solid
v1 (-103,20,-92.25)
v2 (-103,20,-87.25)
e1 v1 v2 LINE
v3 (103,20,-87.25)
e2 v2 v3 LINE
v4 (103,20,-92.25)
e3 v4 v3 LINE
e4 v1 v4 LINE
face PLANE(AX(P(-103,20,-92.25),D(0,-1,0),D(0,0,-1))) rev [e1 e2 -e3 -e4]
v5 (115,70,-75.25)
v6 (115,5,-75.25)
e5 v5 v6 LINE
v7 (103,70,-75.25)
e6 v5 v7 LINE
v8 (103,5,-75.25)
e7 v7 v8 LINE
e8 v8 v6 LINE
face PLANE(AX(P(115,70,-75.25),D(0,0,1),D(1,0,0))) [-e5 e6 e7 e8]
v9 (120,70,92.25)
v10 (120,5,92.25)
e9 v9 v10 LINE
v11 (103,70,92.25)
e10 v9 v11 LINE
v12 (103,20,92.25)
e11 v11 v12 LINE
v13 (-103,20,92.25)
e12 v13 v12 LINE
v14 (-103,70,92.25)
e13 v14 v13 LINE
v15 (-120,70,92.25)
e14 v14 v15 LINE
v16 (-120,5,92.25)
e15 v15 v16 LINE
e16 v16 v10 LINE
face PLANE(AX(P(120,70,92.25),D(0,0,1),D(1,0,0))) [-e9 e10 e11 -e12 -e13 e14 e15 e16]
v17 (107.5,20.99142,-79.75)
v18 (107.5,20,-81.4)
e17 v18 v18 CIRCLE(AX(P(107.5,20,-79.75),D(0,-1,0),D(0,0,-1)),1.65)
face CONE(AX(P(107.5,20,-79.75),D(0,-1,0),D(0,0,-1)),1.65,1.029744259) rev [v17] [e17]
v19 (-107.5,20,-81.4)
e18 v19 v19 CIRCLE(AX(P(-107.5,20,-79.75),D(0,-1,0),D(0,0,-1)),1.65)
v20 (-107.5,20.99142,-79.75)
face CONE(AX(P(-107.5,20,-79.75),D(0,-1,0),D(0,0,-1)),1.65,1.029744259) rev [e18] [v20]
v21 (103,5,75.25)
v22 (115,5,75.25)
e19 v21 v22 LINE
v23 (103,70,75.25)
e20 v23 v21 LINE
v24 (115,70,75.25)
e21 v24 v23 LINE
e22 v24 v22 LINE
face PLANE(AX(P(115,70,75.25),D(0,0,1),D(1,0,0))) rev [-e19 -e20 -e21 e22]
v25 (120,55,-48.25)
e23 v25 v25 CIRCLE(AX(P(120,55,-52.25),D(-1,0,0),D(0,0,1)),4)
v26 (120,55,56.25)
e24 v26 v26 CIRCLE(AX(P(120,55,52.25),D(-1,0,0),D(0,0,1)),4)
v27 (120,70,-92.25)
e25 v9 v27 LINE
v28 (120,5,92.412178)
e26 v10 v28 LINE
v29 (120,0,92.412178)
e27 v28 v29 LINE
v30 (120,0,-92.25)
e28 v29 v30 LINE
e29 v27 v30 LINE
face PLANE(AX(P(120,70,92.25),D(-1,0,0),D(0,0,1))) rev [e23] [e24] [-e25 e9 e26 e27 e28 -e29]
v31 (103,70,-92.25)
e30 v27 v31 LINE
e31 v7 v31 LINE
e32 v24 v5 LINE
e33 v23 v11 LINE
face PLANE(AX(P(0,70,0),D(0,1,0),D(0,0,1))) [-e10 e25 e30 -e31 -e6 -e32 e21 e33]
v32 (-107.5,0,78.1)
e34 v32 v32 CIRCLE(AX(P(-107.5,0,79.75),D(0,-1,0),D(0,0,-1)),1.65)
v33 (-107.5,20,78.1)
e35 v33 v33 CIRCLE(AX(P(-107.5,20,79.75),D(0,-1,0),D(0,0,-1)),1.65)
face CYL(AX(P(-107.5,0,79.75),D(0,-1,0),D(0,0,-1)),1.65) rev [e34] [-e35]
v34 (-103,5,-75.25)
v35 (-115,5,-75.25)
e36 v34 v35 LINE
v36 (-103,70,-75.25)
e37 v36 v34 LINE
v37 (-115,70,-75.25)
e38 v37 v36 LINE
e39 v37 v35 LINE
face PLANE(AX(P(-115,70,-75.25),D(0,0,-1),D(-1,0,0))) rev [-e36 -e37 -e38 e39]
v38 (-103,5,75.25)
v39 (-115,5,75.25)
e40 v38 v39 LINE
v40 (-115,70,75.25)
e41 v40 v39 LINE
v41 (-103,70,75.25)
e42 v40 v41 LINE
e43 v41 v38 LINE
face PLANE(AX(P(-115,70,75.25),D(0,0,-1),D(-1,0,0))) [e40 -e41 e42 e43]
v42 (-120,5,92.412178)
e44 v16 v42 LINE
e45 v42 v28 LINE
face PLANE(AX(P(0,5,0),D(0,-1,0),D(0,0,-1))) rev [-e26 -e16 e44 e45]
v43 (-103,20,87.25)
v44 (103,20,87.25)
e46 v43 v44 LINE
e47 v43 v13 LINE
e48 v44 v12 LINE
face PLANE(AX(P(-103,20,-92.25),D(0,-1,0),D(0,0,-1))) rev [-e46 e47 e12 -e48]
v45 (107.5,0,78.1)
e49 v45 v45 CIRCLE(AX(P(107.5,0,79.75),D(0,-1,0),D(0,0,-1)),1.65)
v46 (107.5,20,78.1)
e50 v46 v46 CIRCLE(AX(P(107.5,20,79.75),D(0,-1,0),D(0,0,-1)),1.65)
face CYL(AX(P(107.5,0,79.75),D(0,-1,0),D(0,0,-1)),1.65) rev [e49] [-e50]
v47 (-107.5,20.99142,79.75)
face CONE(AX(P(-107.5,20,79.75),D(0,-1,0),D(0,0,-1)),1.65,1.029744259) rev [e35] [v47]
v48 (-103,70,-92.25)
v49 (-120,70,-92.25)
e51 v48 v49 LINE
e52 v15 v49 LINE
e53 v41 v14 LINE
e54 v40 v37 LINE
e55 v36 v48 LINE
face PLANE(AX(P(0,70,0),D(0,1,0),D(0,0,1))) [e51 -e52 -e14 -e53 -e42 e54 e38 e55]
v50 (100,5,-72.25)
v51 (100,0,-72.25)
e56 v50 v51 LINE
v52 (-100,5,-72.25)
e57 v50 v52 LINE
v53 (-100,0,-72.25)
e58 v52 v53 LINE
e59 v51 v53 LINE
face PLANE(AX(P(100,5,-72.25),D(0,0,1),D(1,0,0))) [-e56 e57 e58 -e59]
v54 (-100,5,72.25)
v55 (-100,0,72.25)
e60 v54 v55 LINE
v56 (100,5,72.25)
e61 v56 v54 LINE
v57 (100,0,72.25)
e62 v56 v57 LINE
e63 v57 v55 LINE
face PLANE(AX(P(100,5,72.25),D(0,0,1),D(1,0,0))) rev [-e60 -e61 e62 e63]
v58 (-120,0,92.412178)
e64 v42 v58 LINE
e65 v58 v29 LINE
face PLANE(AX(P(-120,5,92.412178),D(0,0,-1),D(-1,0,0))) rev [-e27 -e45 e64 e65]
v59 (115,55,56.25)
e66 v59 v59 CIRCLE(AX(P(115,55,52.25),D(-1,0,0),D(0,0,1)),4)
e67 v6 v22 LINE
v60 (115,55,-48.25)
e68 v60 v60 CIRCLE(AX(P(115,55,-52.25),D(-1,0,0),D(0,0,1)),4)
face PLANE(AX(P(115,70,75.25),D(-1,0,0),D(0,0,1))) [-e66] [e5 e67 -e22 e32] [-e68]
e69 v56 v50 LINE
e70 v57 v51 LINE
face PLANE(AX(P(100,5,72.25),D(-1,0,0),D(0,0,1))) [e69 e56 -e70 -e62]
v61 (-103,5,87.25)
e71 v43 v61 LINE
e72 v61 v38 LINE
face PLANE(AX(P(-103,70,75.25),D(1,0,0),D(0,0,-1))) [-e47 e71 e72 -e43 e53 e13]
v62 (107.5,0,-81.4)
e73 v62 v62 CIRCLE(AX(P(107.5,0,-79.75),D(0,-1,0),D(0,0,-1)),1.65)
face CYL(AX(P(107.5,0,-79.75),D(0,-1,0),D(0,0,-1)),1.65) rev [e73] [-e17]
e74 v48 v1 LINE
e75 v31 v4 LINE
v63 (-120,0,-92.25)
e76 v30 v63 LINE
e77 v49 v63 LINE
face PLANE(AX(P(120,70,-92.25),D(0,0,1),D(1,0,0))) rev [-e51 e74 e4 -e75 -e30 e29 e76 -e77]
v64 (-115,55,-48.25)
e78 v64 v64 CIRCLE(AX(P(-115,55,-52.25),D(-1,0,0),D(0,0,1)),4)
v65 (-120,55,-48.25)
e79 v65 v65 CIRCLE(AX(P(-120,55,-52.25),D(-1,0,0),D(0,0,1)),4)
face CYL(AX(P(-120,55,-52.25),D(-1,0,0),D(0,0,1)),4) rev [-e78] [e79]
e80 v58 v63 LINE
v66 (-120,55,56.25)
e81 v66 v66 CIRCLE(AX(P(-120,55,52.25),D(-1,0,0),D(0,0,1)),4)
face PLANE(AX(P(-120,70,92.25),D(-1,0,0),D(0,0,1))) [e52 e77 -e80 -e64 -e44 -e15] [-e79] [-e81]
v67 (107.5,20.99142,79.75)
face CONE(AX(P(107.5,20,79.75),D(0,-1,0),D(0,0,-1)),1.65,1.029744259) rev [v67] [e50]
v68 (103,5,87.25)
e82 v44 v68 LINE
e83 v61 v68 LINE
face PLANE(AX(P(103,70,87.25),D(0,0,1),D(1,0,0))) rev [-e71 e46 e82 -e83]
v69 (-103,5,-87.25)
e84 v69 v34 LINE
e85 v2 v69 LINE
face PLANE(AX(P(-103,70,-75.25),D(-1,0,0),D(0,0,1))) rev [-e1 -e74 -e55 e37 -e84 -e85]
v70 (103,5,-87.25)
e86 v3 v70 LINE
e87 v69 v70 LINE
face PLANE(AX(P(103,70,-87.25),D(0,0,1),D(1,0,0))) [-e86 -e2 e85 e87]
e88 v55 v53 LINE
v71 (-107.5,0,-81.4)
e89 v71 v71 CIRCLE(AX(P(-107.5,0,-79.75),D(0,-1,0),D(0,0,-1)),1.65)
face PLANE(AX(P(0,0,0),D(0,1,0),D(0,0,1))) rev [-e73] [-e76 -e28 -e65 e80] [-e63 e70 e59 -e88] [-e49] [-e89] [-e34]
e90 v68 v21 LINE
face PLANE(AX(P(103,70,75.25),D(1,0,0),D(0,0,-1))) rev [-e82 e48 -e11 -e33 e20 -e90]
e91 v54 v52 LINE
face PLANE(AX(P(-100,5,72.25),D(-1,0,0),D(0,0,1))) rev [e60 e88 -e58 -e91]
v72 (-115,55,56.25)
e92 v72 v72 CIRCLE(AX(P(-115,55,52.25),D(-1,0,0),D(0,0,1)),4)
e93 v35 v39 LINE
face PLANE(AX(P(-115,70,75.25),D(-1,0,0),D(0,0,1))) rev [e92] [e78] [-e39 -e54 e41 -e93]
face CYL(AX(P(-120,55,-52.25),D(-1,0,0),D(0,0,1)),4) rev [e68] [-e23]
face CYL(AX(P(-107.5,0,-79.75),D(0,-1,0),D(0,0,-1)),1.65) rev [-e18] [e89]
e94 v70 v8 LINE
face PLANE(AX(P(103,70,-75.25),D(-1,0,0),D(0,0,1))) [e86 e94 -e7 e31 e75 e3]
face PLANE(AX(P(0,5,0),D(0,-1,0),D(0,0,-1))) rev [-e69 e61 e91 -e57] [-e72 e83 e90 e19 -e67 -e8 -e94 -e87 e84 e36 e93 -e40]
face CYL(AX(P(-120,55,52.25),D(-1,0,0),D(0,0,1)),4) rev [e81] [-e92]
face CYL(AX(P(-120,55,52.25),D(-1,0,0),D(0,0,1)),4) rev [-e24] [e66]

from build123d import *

# Parameters (mm, degrees)
SKIZZE1_W                       = 240
SKIZZE1_H                       = 184.5
AUFSATZ_LINEAR_AUSTRAGEN1_DEPTH = 70
SKIZZE2_W                       = 206
SKIZZE2_H                       = 50
SCHNITT_LINEAR_AUSTRAGEN3_DEPTH = 231.955082213
SKIZZE3_W                       = 240
SKIZZE3_H                       = 184.662178294
SKIZZE3_W_2                     = 200
SKIZZE3_H_2                     = 144.5
AUFSATZ_LINEAR_AUSTRAGEN2_DEPTH = 5
F_8_0MM_STIFTLOCH1_D            = 8


with BuildPart() as part:
    # Skizze1 → Aufsatz-Linear austragen1 (new body)
    with BuildSketch(Plane(origin=(0, 0, 0), x_dir=(1, 0, 0), z_dir=(0, 1, 0))):
        Rectangle(SKIZZE1_W, SKIZZE1_H)
        Polygon((103, 87.25), (-103, 87.25), (-103, 75.25), (-115, 75.25), (-115, -75.25), (-103, -75.25), (-103, -87.25), (103, -87.25), (103, -75.25), (115, -75.25), (115, 75.25), (103, 75.25), align=None, mode=Mode.SUBTRACT)
    extrude(amount=AUFSATZ_LINEAR_AUSTRAGEN1_DEPTH)

    # Skizze2 → Schnitt-Linear austragen3 (cut, through all)
    with BuildSketch(Plane.XY.offset(92.25)):
        with Locations((0, 45)):
            Rectangle(SKIZZE2_W, SKIZZE2_H)
    extrude(amount=-SCHNITT_LINEAR_AUSTRAGEN3_DEPTH, mode=Mode.SUBTRACT)

    # Skizze3 → Aufsatz-Linear austragen2 (add)
    with BuildSketch(Plane(origin=(0, 0, 0), x_dir=(1, 0, 0), z_dir=(0, 1, 0))):
        with Locations((0, -0.081089147)):
            Rectangle(SKIZZE3_W, SKIZZE3_H)
        Rectangle(SKIZZE3_W_2, SKIZZE3_H_2, mode=Mode.SUBTRACT)
    extrude(amount=AUFSATZ_LINEAR_AUSTRAGEN2_DEPTH)

    # Skizze7 → Kernloch für M4x0.71 (revolve, cut)
    with BuildSketch(Plane(origin=(107.5, 0, -79.75), x_dir=(0, 0, -1), z_dir=(1, 0, 0))):
        Polygon((0, 0), (0, 20.991420021), (1.65, 20), (1.65, 0), align=None)
    kernloch_f_r_m4x0_71 = revolve(axis=Axis((107.5, -6.35, -79.75), (0, 1, 0)), mode=Mode.SUBTRACT)

    # Spiegeln1: Kernloch für M4x0.71 across plane
    add(kernloch_f_r_m4x0_71.mirror(Plane.ZY), mode=Mode.SUBTRACT)

    # Spiegeln2: Kernloch für M4x0.71 across plane
    add(kernloch_f_r_m4x0_71.mirror(Plane(origin=(0, 0, 0), x_dir=(1, 0, 0), z_dir=(0, 0, -1))), mode=Mode.SUBTRACT)

    # Spiegeln2 copy 1 sketch → Spiegeln2 copy 1 (revolve, cut)
    with BuildSketch(Plane(origin=(-107.5, 0, 79.75), x_dir=(0, 0, 1), z_dir=(-1, 0, 0))):
        Polygon((0, 0), (0, 20.991420021), (1.65, 20), (1.65, 0), align=None)
    revolve(axis=Axis((-107.5, -6.35, 79.75), (0, 1, 0)), mode=Mode.SUBTRACT)

    # Ø8.0mm Stiftloch1 (through all)
    with Locations(Plane.ZY.offset(120)):
        with Locations((-52.25, 55)):
            f_8_0mm_stiftloch1 = Hole(F_8_0MM_STIFTLOCH1_D / 2)

    # Spiegeln3: Ø8.0mm Stiftloch1 across plane
    add(f_8_0mm_stiftloch1.mirror(Plane(origin=(0, 0, 0), x_dir=(1, 0, 0), z_dir=(0, 0, -1))), mode=Mode.SUBTRACT)


solid = part.part
